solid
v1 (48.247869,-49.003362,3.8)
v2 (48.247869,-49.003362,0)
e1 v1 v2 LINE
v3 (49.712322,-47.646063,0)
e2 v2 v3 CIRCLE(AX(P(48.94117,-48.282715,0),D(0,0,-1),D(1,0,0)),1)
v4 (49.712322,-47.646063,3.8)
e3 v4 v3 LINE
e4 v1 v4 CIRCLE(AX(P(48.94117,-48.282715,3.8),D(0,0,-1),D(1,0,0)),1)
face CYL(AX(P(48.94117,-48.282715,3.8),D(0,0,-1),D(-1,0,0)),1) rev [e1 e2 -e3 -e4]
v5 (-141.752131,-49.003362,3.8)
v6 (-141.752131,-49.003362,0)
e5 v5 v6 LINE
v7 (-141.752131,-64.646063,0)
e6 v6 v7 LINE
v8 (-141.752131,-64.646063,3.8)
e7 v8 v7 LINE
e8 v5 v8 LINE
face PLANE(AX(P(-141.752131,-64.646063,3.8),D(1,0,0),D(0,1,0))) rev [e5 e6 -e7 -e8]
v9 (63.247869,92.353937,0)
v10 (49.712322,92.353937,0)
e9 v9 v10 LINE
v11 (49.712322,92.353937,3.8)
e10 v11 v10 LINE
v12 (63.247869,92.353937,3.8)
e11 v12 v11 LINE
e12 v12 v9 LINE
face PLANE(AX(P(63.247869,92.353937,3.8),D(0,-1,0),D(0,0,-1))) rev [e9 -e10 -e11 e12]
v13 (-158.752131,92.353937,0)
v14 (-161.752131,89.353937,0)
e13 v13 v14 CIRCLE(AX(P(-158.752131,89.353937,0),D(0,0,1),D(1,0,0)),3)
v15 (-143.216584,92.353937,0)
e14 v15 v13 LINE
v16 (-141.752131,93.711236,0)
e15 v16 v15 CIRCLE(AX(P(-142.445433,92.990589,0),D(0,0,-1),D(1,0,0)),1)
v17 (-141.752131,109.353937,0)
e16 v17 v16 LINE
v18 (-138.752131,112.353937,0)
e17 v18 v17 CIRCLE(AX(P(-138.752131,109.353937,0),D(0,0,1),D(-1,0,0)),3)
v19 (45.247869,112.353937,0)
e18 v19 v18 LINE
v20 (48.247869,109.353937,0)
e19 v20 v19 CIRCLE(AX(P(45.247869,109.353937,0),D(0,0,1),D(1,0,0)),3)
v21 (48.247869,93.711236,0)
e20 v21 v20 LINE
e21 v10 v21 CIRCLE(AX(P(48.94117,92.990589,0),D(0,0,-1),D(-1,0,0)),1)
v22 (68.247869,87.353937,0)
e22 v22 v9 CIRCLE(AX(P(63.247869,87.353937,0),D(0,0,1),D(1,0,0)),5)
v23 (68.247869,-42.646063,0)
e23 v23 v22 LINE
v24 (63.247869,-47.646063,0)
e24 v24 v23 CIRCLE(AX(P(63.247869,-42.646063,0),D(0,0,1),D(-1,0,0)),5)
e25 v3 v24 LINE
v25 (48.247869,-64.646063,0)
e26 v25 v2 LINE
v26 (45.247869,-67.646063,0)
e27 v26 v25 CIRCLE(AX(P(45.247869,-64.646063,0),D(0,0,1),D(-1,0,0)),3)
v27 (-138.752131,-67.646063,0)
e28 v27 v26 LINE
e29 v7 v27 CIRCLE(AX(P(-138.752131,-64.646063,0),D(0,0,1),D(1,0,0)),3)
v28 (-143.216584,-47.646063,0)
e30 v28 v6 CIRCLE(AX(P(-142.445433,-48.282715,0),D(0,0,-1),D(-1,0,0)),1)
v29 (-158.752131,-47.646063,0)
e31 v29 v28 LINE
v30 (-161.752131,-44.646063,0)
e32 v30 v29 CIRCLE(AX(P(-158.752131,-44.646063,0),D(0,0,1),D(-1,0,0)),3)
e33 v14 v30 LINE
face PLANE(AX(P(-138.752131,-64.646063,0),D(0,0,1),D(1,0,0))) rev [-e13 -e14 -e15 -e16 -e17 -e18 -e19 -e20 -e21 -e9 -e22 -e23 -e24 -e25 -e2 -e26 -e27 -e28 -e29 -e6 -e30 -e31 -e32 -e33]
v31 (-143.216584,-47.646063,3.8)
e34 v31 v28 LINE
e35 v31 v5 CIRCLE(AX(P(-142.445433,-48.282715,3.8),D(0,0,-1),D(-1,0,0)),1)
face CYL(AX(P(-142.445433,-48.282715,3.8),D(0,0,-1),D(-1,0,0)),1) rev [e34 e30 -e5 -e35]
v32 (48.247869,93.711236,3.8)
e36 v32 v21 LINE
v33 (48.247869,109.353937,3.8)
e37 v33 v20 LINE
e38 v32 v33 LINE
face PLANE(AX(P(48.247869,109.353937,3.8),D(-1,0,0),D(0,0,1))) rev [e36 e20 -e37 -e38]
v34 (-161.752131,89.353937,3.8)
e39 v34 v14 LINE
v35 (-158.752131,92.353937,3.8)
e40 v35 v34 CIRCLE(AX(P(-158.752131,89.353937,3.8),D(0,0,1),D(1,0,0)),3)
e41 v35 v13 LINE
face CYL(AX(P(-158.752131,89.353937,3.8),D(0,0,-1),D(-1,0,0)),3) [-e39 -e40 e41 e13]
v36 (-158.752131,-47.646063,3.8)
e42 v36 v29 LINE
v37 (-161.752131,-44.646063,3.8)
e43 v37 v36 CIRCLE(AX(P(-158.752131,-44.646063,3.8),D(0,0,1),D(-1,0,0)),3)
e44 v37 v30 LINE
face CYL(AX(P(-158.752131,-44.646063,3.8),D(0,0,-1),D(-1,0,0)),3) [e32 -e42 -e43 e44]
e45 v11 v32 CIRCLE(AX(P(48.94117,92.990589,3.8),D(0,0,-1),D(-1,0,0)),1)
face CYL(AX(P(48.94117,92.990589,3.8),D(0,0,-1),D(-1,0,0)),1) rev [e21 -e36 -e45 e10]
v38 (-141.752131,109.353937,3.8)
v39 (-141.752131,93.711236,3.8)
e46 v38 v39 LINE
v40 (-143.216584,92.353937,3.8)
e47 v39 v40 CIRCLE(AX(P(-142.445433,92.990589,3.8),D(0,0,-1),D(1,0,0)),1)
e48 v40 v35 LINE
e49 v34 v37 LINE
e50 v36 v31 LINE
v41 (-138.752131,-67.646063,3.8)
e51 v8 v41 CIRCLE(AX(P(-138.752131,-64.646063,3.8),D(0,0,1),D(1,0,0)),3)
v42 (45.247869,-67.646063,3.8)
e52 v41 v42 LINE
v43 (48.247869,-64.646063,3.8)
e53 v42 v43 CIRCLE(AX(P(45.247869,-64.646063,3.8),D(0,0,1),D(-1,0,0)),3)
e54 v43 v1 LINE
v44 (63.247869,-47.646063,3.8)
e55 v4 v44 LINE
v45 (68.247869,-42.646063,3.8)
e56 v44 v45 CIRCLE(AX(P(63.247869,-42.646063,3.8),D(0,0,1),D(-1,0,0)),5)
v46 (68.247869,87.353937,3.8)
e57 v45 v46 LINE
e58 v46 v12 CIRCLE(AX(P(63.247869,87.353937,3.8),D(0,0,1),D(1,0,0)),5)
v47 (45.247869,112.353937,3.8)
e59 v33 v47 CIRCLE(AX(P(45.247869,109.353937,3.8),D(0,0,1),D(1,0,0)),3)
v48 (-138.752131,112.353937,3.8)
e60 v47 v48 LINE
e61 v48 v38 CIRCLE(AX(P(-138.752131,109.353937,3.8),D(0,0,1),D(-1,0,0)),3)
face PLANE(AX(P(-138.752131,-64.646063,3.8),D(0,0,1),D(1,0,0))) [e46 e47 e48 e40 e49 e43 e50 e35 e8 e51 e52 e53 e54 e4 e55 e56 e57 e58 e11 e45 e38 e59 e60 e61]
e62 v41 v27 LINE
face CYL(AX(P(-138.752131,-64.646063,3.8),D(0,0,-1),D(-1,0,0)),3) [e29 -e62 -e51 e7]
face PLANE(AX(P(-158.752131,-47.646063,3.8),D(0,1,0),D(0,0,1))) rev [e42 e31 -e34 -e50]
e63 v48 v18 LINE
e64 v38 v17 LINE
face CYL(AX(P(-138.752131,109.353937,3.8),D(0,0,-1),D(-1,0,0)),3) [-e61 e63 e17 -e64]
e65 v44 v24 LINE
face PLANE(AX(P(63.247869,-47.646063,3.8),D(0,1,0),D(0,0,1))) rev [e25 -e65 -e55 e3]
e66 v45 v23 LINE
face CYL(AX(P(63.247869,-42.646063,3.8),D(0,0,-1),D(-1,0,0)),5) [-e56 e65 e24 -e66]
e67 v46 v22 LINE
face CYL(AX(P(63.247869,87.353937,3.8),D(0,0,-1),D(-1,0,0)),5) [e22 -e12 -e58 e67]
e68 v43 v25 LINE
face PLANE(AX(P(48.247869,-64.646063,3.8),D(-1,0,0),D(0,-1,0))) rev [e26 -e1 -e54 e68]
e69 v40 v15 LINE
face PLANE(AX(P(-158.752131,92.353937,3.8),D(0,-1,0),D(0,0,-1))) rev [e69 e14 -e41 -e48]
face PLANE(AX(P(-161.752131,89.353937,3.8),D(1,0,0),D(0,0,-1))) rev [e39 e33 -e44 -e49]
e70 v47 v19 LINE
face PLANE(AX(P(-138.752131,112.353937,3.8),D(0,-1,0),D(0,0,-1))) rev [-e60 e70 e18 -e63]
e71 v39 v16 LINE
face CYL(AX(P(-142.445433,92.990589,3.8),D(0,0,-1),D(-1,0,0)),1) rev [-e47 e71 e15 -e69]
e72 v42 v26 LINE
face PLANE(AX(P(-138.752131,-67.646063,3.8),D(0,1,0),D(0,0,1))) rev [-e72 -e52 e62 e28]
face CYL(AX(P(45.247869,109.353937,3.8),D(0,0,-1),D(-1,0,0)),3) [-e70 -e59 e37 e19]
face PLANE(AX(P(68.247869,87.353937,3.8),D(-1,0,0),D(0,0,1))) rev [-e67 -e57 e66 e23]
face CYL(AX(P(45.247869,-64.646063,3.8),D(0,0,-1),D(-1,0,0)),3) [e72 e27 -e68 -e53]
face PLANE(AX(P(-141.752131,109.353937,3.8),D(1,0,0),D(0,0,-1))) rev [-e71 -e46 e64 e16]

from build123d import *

# Parameters (mm, degrees)
BOSS_EXTRUDE1_DEPTH = 3.8


with BuildPart() as part:
    # Sketch1 → Boss-Extrude1 (new body)
    with BuildSketch(Plane.XY):
        with BuildLine():
            Line((-138.752131357, 112.353936938), (45.247868643, 112.353936938))
            ThreePointArc((45.247868643, 112.353936938), (47.369188986, 111.475257282), (48.247868643, 109.353936938))
            Line((48.247868643, 109.353936938), (48.247868643, 93.711236271))
            ThreePointArc((48.247868643, 93.711236271), (48.261405024, 92.257158628), (49.712321625, 92.353936938))
            Line((49.712321625, 92.353936938), (63.247868643, 92.353936938))
            ThreePointArc((63.247868643, 92.353936938), (66.783402549, 90.889470844), (68.247868643, 87.353936938))
            Line((68.247868643, 87.353936938), (68.247868643, -42.646063062))
            ThreePointArc((68.247868643, -42.646063062), (66.783402549, -46.181596968), (63.247868643, -47.646063062))
            Line((63.247868643, -47.646063062), (49.712321625, -47.646063062))
            ThreePointArc((49.712321625, -47.646063062), (48.261405024, -47.549284752), (48.247868643, -49.003362395))
            Line((48.247868643, -49.003362395), (48.247868643, -64.646063062))
            ThreePointArc((48.247868643, -64.646063062), (47.369188986, -66.767383405), (45.247868643, -67.646063062))
            Line((45.247868643, -67.646063062), (-138.752131357, -67.646063062))
            ThreePointArc((-138.752131357, -67.646063062), (-140.873451701, -66.767383405), (-141.752131357, -64.646063062))
            Line((-141.752131357, -64.646063062), (-141.752131357, -49.003362395))
            ThreePointArc((-141.752131357, -49.003362395), (-141.765667738, -47.549284752), (-143.21658434, -47.646063062))
            Line((-143.21658434, -47.646063062), (-158.752131357, -47.646063062))
            ThreePointArc((-158.752131357, -47.646063062), (-160.873451701, -46.767383405), (-161.752131357, -44.646063062))
            Line((-161.752131357, -44.646063062), (-161.752131357, 89.353936938))
            ThreePointArc((-161.752131357, 89.353936938), (-160.873451701, 91.475257282), (-158.752131357, 92.353936938))
            Line((-158.752131357, 92.353936938), (-143.21658434, 92.353936938))
            ThreePointArc((-143.21658434, 92.353936938), (-141.765667738, 92.257158628), (-141.752131357, 93.711236271))
            Line((-141.752131357, 93.711236271), (-141.752131357, 109.353936938))
            ThreePointArc((-141.752131357, 109.353936938), (-140.873451701, 111.475257282), (-138.752131357, 112.353936938))
        make_face()
    extrude(amount=BOSS_EXTRUDE1_DEPTH)


solid = part.part
